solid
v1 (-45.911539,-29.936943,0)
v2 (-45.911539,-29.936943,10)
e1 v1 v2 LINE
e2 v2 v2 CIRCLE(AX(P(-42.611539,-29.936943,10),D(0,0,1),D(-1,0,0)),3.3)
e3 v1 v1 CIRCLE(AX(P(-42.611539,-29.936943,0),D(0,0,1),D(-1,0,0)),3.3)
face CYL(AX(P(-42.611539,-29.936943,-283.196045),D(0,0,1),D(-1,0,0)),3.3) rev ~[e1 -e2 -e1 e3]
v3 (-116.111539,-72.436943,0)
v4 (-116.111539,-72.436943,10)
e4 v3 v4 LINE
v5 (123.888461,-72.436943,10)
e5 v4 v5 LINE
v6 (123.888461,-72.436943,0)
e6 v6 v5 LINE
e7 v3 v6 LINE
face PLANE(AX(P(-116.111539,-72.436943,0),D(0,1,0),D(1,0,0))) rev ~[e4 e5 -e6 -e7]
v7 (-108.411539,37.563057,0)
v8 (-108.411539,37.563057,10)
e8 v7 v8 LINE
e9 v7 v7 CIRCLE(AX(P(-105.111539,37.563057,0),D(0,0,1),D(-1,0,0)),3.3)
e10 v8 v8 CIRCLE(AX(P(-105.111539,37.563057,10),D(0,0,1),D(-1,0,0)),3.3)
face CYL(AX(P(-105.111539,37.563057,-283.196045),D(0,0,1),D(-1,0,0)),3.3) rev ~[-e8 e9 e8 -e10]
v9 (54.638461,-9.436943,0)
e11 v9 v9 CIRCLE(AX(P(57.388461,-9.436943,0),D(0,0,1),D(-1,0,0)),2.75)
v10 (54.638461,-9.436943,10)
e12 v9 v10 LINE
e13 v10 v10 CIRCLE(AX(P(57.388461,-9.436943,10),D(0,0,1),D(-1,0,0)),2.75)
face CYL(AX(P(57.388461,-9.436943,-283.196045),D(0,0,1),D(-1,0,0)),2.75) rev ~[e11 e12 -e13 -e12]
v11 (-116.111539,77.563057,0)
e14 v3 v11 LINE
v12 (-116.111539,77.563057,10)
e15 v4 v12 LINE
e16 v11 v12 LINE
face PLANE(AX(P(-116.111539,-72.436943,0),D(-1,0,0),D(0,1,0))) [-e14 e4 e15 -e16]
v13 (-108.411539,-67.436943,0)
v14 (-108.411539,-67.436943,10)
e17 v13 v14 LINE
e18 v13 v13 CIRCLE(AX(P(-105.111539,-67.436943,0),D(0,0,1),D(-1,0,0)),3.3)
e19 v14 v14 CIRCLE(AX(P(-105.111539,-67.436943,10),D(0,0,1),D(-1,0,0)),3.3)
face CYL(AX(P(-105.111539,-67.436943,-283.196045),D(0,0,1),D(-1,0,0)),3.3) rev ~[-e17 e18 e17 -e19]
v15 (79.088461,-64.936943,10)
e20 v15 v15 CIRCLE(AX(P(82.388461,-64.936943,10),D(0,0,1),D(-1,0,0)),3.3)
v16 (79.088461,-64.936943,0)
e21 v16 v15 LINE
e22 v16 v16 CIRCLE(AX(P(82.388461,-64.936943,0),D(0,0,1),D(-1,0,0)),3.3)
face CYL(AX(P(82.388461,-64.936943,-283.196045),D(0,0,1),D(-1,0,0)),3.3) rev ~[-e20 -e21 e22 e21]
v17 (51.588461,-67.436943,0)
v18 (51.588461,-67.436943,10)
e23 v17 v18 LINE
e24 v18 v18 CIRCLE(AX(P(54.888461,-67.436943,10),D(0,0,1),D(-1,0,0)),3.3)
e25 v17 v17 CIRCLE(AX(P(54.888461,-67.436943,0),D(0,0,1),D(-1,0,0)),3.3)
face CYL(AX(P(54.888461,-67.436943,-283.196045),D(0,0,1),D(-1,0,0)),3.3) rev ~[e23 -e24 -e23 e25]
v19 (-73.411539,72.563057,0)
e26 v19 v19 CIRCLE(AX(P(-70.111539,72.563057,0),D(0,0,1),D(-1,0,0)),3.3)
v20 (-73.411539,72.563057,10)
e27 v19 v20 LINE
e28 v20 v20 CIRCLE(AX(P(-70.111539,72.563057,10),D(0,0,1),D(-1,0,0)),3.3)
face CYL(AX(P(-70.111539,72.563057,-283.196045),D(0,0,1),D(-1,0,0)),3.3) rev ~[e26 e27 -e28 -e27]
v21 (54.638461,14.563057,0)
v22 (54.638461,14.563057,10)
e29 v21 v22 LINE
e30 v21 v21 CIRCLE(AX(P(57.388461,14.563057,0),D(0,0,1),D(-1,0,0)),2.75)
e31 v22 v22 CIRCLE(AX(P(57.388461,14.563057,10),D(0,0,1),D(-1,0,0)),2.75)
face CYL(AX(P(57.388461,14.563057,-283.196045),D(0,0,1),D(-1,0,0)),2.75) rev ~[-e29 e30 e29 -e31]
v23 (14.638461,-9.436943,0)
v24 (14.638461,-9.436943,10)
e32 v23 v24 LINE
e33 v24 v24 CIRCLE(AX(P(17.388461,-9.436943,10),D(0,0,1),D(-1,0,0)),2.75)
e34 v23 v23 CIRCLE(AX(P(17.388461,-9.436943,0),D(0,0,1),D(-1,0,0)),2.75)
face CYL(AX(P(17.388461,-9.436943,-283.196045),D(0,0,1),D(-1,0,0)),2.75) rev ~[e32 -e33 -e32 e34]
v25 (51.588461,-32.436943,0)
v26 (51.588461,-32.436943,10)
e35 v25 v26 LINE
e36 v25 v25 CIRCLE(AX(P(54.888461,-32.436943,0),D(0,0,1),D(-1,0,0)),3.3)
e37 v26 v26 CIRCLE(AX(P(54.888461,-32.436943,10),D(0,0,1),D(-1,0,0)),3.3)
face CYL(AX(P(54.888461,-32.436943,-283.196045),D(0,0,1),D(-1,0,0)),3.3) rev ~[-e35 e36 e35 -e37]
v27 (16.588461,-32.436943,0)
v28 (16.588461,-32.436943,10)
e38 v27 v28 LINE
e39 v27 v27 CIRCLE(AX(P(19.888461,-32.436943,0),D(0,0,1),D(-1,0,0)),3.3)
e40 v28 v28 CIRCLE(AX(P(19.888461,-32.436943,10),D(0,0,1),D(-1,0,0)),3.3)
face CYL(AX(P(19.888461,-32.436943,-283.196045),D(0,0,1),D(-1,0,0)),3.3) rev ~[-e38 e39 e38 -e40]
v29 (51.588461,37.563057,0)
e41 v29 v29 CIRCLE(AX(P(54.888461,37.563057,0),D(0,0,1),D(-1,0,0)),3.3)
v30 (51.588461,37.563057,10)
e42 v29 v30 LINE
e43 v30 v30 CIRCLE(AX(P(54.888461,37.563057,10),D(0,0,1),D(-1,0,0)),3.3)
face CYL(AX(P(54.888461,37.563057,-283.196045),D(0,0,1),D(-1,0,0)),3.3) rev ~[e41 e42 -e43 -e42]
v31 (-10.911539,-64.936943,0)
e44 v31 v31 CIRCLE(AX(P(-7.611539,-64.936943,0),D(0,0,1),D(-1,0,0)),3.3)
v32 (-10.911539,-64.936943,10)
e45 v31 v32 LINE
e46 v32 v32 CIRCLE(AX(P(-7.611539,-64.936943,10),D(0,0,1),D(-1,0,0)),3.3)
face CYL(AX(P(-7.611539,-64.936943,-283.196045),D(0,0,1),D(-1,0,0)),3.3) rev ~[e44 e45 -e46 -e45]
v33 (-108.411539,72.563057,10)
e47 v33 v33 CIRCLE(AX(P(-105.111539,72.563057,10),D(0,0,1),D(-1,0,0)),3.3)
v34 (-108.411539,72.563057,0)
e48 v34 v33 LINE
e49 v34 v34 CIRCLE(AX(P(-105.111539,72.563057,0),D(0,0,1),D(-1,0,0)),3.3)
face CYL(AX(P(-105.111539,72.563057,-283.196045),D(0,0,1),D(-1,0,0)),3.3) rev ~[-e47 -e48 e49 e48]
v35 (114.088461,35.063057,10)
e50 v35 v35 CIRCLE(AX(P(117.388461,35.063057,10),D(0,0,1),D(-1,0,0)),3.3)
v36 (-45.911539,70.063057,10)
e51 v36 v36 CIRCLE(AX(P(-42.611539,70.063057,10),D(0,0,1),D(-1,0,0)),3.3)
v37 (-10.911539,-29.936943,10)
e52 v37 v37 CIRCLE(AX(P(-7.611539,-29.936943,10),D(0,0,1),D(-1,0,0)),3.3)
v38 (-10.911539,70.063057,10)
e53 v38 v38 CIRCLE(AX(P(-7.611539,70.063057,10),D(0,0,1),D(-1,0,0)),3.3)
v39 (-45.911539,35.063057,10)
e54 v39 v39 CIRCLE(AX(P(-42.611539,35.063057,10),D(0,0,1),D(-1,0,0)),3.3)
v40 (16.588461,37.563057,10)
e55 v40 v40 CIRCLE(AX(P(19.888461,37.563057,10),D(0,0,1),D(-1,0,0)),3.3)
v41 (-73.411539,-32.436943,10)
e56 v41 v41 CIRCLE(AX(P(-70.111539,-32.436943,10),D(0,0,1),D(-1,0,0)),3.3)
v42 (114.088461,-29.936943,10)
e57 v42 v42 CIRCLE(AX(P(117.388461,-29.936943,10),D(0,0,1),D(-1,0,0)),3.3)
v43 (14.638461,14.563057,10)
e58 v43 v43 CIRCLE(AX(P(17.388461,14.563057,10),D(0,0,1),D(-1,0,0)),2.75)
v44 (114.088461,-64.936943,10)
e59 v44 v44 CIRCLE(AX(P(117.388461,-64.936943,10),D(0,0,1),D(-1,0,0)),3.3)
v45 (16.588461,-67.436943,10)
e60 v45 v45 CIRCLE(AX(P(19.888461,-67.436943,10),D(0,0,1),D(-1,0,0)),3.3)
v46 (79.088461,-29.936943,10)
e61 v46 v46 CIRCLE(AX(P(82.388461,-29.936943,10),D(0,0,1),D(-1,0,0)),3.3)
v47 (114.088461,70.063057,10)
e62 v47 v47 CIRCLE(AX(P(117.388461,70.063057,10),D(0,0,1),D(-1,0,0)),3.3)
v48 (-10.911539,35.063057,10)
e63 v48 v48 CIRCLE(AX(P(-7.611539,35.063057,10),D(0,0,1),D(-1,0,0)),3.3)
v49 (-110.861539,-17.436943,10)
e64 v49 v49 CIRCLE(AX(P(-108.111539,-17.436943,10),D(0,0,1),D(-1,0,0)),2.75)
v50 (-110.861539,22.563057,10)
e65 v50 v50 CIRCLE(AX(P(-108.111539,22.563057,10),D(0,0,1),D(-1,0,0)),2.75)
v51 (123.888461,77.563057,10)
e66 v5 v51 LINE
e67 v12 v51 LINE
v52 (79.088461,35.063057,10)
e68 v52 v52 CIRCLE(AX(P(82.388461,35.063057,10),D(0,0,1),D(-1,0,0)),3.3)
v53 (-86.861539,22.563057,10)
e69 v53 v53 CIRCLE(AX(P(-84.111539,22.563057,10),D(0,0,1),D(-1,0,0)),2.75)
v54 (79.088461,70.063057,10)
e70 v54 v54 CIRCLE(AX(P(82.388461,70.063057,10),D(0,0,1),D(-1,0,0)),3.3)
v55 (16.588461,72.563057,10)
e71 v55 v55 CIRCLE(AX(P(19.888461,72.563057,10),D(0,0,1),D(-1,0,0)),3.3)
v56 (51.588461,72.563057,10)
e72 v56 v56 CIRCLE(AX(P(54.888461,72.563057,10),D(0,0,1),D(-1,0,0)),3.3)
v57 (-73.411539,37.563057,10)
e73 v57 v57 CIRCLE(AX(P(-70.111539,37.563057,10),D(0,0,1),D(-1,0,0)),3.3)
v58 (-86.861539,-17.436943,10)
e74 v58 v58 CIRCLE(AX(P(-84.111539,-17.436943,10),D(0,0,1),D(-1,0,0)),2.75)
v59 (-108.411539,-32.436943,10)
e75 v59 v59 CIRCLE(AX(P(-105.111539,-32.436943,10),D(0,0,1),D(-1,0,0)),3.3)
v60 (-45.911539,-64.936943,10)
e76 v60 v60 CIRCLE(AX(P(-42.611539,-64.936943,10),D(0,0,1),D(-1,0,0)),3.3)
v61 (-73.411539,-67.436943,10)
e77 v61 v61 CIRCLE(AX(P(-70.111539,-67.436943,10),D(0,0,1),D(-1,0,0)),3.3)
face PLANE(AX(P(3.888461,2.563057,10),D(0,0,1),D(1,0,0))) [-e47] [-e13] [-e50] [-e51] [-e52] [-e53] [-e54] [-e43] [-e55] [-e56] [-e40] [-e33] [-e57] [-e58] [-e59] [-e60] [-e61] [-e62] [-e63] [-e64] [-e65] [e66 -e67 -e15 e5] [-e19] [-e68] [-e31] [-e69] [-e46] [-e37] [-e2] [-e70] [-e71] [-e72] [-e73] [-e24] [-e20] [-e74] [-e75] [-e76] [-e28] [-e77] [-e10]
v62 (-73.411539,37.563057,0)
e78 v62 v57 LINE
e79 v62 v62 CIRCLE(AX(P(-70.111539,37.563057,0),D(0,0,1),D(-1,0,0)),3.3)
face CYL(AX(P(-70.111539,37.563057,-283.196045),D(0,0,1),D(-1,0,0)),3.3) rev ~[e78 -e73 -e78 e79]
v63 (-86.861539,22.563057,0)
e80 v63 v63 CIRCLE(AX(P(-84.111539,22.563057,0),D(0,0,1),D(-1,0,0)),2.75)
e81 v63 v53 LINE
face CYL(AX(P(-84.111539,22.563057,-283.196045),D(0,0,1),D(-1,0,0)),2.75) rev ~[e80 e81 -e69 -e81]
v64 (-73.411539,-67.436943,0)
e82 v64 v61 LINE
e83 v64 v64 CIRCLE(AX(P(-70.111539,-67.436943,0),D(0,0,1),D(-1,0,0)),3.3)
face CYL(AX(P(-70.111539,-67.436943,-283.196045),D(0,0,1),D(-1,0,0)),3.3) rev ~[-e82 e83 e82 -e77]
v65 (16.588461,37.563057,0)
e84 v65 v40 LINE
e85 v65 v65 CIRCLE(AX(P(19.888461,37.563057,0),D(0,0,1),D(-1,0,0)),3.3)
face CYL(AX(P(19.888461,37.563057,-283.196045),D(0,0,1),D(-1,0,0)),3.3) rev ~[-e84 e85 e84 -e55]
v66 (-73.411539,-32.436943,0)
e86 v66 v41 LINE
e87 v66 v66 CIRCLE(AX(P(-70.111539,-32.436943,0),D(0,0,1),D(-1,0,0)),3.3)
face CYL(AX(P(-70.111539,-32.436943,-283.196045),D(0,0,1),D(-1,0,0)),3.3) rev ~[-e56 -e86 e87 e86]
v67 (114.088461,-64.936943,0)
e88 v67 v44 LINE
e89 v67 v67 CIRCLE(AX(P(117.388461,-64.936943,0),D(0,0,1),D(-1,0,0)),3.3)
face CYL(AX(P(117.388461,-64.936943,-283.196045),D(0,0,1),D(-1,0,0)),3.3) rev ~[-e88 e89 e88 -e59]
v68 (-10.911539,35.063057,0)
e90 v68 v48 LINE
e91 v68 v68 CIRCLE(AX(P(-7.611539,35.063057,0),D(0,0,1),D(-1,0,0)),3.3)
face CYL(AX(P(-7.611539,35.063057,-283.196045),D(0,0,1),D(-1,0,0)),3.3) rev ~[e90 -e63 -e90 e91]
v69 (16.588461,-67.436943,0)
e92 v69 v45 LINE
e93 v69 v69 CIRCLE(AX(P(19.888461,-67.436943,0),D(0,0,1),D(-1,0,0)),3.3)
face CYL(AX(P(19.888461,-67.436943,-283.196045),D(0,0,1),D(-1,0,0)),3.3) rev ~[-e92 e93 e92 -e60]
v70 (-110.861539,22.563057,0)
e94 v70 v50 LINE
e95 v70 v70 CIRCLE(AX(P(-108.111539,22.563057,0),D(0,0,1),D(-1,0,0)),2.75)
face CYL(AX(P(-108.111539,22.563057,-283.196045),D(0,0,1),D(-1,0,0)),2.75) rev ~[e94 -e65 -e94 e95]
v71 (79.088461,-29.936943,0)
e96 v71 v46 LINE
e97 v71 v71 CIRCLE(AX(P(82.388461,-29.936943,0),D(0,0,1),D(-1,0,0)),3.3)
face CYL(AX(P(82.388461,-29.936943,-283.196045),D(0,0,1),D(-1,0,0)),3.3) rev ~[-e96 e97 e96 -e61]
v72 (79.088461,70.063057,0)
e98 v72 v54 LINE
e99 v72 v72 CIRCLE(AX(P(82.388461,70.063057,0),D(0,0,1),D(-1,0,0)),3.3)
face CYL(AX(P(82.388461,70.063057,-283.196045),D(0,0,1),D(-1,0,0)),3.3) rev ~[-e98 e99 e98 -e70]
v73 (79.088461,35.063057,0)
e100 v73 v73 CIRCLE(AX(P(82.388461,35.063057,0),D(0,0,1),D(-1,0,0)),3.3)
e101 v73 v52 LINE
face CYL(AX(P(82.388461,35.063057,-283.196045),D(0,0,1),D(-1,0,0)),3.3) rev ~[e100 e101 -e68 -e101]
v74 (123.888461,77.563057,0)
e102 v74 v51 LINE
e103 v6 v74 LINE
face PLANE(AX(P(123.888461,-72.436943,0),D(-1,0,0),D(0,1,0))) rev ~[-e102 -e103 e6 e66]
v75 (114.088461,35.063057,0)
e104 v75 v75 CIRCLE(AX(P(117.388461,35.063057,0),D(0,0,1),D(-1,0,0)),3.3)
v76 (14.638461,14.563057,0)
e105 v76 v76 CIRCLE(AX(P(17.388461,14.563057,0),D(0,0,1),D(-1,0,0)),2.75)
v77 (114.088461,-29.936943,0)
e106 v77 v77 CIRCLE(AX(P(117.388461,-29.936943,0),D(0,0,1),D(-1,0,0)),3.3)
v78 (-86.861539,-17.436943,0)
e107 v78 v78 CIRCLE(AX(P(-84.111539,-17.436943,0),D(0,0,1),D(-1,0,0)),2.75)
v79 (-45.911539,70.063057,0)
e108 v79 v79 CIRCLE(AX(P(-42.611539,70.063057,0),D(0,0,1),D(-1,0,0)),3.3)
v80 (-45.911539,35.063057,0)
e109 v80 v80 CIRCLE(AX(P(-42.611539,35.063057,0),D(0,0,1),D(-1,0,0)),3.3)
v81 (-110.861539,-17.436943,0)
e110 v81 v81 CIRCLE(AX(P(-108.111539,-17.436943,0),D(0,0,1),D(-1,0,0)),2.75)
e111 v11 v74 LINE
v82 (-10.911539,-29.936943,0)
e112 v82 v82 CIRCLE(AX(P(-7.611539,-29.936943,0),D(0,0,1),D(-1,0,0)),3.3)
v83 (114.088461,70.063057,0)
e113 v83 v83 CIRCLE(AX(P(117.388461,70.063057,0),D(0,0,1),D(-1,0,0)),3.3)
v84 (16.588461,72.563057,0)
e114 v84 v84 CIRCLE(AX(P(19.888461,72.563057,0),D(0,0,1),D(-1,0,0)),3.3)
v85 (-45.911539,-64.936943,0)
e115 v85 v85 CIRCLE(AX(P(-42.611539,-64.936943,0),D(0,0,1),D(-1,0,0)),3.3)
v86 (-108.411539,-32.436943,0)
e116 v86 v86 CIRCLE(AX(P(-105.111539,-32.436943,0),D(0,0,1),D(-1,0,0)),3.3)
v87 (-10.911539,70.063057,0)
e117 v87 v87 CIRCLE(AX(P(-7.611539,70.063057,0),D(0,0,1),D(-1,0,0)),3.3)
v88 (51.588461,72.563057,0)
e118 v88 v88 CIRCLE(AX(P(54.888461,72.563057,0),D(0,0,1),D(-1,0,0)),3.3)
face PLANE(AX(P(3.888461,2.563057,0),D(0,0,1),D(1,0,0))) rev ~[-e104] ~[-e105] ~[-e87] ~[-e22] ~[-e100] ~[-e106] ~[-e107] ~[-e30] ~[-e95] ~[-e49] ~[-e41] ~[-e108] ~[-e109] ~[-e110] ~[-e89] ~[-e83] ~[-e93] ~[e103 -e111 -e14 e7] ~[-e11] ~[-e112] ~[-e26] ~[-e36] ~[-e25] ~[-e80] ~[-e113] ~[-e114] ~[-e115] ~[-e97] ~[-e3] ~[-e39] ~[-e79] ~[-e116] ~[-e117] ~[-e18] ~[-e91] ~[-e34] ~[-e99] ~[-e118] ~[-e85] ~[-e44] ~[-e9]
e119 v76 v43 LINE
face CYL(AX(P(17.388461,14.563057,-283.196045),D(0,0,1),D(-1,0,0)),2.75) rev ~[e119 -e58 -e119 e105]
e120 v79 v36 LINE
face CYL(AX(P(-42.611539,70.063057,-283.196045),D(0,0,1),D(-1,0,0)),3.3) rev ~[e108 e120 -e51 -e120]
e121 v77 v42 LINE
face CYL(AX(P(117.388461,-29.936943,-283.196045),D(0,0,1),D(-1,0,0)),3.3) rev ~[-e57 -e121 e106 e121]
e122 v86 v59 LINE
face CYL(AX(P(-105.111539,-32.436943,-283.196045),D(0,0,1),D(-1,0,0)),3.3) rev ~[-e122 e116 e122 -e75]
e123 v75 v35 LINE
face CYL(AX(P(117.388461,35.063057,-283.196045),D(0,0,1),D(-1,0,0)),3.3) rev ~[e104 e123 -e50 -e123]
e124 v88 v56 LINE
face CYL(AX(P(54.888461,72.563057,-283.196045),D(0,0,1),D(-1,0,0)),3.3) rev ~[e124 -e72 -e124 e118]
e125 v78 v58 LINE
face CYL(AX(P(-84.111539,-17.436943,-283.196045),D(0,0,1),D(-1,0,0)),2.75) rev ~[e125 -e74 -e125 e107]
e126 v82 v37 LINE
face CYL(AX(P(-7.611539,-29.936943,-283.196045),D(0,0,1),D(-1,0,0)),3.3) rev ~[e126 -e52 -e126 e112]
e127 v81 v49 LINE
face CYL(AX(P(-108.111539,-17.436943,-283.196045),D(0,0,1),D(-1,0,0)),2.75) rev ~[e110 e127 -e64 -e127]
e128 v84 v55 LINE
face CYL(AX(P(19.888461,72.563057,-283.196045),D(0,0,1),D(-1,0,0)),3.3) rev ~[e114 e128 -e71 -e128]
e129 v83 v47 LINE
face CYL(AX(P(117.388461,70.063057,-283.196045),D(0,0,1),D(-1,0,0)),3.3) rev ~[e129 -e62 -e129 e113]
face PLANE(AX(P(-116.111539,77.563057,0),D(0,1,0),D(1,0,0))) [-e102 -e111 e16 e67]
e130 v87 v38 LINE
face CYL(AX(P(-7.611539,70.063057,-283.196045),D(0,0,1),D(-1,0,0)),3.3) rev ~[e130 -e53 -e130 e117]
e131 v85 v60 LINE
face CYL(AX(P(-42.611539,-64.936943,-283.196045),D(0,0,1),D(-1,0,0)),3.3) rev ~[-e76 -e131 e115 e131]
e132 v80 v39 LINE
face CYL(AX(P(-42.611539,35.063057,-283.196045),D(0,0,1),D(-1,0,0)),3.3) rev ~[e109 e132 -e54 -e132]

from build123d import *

# Parameters (mm, degrees)
F0_W     = 240
F0_H     = 150
F1_DEPTH = 10
F2_D     = 6.6
F3_D     = 6.6
F4_D     = 5.5
F5_D     = 5.5


with BuildPart() as f1:
    # F0 (on Top) → F1 (new body)
    with BuildSketch(Plane.XY):
        with Locations((3.8884611577, 2.5630567968)):
            Rectangle(F0_W, F0_H)
    extrude(amount=F1_DEPTH)

    # F2 (through all)
    with Locations(Plane(origin=(0, 0, 0), x_dir=(1, 0, 0), z_dir=(0, 0, -1))):
        with Locations((-7.6115388423, 29.9369432032), (-42.6115388423, -35.0630567968), (-42.6115388423, 29.9369432032), (-42.6115388423, 64.9369432032), (-7.6115388423, -35.0630567968), (-42.6115388423, -70.0630567968), (82.3884611577, -35.0630567968), (-7.6115388423, -70.0630567968), (82.3884611577, 29.9369432032), (82.3884611577, 64.9369432032), (117.3884611577, 29.9369432032), (117.3884611577, -35.0630567968), (82.3884611577, -70.0630567968), (117.3884611577, -70.0630567968), (117.3884611577, 64.9369432032), (-7.6115388423, 64.9369432032)):
            Hole(F2_D / 2)

    # F3 (through all)
    with Locations(Plane(origin=(0, 0, 0), x_dir=(1, 0, 0), z_dir=(0, 0, -1))):
        with Locations((-70.1115388423, 32.4369432032), (-70.1115388423, 67.4369432032), (-70.1115388423, -72.5630567968), (-105.1115388423, -37.5630567968), (-105.1115388423, -72.5630567968), (-105.1115388423, 67.4369432032), (-105.1115388423, 32.4369432032), (-70.1115388423, -37.5630567968), (19.8884611577, -72.5630567968), (54.8884611577, -72.5630567968), (54.8884611577, -37.5630567968), (19.8884611577, -37.5630567968), (54.8884611577, 32.4369432032), (19.8884611577, 67.4369432032), (54.8884611577, 67.4369432032), (19.8884611577, 32.4369432032)):
            Hole(F3_D / 2)

    # F4 (through all)
    with Locations(Plane(origin=(0, 0, 0), x_dir=(1, 0, 0), z_dir=(0, 0, -1))):
        with Locations((17.3884611577, -14.5630567968), (17.3884611577, 9.4369432032), (57.3884611577, 9.4369432032), (57.3884611577, -14.5630567968)):
            Hole(F4_D / 2)

    # F5 (through all)
    with Locations(Plane(origin=(0, 0, 0), x_dir=(1, 0, 0), z_dir=(0, 0, -1))):
        with Locations((-108.1115388423, -22.5630567968), (-84.1115388423, -22.5630567968), (-108.1115388423, 17.4369432032), (-84.1115388423, 17.4369432032)):
            Hole(F5_D / 2)


solid = f1.part
